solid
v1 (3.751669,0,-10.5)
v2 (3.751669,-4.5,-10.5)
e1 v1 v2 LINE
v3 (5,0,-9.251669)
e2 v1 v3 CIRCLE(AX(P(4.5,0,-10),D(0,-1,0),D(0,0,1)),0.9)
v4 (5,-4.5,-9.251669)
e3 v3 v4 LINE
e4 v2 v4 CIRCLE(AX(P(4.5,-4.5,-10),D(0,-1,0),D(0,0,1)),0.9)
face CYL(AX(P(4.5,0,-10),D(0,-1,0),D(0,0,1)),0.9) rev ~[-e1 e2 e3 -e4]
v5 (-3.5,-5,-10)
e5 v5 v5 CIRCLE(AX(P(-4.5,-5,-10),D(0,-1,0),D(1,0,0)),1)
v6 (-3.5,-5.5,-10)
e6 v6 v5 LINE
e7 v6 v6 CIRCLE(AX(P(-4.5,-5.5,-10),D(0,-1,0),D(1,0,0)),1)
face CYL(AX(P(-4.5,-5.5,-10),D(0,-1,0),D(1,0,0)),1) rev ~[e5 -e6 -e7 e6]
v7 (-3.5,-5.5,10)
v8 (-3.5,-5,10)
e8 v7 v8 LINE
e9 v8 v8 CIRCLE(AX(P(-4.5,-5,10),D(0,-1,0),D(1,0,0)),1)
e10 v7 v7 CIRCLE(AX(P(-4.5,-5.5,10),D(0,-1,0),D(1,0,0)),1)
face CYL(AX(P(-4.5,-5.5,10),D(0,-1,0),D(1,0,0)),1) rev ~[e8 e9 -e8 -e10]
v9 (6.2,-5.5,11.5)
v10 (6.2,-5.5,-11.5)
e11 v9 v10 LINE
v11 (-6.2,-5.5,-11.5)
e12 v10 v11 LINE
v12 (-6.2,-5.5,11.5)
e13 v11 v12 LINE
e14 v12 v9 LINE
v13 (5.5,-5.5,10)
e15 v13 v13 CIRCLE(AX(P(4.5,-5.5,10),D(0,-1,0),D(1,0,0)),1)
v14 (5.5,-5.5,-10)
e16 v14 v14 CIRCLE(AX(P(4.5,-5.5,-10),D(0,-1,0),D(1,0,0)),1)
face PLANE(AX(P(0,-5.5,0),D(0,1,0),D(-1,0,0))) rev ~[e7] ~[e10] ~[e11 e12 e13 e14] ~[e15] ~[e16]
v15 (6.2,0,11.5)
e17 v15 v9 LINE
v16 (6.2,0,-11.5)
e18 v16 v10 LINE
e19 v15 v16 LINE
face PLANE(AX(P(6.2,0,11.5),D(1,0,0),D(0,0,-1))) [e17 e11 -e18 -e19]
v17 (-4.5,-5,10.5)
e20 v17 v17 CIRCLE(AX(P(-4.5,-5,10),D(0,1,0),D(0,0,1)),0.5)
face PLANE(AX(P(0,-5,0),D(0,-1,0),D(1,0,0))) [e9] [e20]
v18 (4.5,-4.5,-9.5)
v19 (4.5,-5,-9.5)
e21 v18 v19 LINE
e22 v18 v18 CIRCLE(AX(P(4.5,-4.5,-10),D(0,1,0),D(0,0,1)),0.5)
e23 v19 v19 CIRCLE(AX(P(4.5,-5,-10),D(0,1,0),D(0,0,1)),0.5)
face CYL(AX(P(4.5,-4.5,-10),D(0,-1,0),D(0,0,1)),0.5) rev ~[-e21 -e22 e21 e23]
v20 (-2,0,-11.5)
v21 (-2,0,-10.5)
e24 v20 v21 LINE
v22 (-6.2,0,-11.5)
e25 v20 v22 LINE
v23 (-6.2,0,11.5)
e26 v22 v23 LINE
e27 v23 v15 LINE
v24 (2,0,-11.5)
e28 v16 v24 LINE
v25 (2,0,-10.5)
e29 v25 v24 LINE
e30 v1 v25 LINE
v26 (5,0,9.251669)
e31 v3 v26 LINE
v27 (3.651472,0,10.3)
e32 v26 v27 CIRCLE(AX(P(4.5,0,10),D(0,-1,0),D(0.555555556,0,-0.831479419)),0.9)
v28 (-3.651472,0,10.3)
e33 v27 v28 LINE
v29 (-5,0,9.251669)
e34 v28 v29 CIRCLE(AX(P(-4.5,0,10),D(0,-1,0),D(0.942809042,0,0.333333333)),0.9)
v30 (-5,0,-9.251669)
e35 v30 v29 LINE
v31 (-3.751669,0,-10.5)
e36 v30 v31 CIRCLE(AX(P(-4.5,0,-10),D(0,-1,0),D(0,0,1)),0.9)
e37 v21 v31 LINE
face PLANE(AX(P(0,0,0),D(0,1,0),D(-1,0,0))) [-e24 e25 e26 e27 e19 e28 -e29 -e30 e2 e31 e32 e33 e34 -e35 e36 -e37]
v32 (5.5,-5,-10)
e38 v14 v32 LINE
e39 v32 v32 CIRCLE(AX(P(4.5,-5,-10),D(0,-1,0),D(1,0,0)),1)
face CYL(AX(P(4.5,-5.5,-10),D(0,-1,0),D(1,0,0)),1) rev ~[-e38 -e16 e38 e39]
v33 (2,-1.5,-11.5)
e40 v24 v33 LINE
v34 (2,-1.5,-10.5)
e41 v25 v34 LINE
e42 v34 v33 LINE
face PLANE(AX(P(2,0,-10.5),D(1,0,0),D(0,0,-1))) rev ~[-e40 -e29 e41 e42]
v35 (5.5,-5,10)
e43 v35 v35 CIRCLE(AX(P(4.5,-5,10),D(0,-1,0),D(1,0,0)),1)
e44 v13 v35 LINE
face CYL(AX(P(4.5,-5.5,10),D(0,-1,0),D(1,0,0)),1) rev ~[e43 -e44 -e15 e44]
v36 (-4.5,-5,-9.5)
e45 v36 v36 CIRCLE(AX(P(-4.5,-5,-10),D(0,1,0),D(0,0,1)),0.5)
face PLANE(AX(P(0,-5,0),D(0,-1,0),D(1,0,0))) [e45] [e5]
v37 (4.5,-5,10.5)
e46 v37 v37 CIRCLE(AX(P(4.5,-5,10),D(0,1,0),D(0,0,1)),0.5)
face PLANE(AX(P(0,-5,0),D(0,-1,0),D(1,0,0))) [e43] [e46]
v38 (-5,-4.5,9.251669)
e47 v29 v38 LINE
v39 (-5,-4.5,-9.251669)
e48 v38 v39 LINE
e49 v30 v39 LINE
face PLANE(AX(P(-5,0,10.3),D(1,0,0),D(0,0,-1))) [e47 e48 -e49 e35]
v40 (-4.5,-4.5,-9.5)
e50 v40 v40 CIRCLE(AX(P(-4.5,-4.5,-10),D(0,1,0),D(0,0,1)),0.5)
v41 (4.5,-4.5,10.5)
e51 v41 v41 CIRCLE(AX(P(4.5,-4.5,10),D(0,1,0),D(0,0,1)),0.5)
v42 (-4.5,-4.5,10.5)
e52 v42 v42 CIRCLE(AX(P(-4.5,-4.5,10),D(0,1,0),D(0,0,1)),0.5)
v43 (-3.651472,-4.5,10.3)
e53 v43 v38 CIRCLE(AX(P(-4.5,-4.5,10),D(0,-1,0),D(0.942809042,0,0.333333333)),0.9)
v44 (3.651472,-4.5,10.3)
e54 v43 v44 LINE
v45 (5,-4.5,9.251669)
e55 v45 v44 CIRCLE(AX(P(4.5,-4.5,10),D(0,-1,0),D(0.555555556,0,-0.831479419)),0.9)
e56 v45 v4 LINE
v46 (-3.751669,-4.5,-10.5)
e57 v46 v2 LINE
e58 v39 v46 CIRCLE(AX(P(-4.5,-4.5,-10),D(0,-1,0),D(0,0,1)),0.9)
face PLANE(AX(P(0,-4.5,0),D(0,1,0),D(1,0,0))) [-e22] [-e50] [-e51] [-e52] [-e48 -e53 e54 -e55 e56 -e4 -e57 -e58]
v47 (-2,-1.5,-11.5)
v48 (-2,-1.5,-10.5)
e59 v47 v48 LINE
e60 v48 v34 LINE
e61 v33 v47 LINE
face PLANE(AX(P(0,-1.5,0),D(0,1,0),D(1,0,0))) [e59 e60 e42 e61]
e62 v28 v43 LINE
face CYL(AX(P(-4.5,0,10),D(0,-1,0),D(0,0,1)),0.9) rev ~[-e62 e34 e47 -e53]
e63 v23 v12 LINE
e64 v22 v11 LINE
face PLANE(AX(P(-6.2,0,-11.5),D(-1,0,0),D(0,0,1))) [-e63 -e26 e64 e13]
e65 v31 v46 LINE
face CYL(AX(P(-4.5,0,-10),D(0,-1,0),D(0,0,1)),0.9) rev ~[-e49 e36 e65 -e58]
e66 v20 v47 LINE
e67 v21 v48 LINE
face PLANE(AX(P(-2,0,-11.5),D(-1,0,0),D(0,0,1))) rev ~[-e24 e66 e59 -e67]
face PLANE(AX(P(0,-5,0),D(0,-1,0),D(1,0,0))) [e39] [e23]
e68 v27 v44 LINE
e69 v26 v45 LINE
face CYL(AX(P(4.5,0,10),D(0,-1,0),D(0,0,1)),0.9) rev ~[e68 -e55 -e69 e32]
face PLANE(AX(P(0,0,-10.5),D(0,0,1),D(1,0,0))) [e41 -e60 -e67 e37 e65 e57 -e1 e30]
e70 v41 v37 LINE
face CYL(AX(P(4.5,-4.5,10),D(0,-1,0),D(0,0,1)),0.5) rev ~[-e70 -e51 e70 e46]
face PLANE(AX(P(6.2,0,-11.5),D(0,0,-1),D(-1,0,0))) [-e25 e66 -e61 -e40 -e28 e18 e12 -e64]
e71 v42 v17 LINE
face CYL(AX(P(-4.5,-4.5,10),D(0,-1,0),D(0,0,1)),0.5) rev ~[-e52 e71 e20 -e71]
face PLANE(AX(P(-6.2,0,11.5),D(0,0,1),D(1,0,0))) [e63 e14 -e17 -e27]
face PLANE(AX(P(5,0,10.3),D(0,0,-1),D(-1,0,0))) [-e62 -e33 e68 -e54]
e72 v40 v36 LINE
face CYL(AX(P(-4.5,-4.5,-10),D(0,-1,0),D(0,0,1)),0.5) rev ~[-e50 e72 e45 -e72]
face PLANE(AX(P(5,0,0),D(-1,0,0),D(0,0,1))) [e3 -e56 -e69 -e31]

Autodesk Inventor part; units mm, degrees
ref_plane "YZ Plane" through (0, 0, 0) normal (1, 0, 0) x (0, 1, 0)
ref_plane "XZ Plane" through (0, 0, 0) normal (0, 1, 0) x (-1, 0, 0)
ref_plane "XY Plane" through (0, 0, 0) normal (0, 0, 1) x (1, 0, 0)
sketch "Эскиз1" plane through (0, 0, 0) normal (0, 1, 0) x (-1, 0, 0)
  line L0 (6.2, 11.5) -> (-6.2, 11.5)
  line L1 (-6.2, 11.5) -> (-6.2, -11.5)
  line L2 (-6.2, -11.5) -> (6.2, -11.5)
  line L3 (6.2, -11.5) -> (6.2, 11.5)
  line L4 (6.2, 11.5) -> (-6.2, -11.5) construction
  line L5 (-6.2, 11.5) -> (6.2, -11.5) construction
  point P0 (0, 0)
  dimension "d0" = 12.4
  dimension "d1" = 23
extrude "Выдавливание1" add sketch "Эскиз1" against normal blind 5.5
sketch "Эскиз2" plane through (0, 0, 0) normal (0, 1, 0) x (1, 0, 0)
  line L0 (-6.2, -11.5) -> (6.2, -11.5) projected
  line L1 (6.2, -11.5) -> (6.2, 11.5) projected
  line L2 (6.2, 11.5) -> (-6.2, 11.5) projected
  line L3 (-6.2, 11.5) -> (-6.2, -11.5) projected
  line L4 (-5, 10.5) -> (5, 10.5)
  line L5 (5, 10.5) -> (5, -10.3)
  line L6 (5, -10.3) -> (-5, -10.3)
  line L7 (-5, -10.3) -> (-5, 10.5)
  line L8 (0, 16.1) -> (0, -16.1) projected
  line L9 (-8.68, 0) -> (8.68, 0) projected
  point P0 (0, 0)
  dimension "d4" = 1
  dimension "d5" = 1.2
extrude "Выдавливание2" cut sketch "Эскиз2" against normal blind 4.5 contours L8 L9 L5 L6 | L6 L7 L9 L8 | L7 L4 L8 L9 | L8 L4 L5 L9
sketch "Эскиз3" plane through (0, 0, 0) normal (0, 1, 0) x (1, 0, 0)
  line L0 (-4.5, -10) -> (4.5, -10)
  line L1 (4.5, -10) -> (4.5, 10)
  line L2 (4.5, 10) -> (-4.5, 10)
  line L3 (-4.5, 10) -> (-4.5, -10)
  line L4 (-4.5, -10) -> (4.5, 10) construction
  line L5 (4.5, -10) -> (-4.5, 10) construction
  point P0 (0, 0)
  dimension "d8" = 9
  dimension "d9" = 20
hole "Отверстие1" at (-4.5, 0, -10) at (4.5, 0, -10) at (4.5, 0, 10) at (-4.5, 0, 10) direction (0, -1, 0) diameter 1 depth 8 tip angle 118 counterbore diameter 1.8 counterbore depth 4.5
sketch "Эскиз4" plane through (0, -5.5, 0) normal (0, -1, 0) x (1, 0, 0)
  circle A0 centre (-4.5, 10) radius 0.5 projected
  circle A1 centre (4.5, 10) radius 0.5 projected
  circle A2 centre (4.5, -10) radius 0.5 projected
  circle A3 centre (-4.5, -10) radius 0.5 projected
  circle A4 centre (-4.5, 10) radius 1
  circle A5 centre (4.5, 10) radius 1
  circle A6 centre (4.5, -10) radius 1
  circle A7 centre (-4.5, -10) radius 1
  point P0 (0, 0)
  dimension "d17" = 2
extrude "Выдавливание3" cut sketch "Эскиз4" against normal blind 0.5
sketch "Эскиз5" plane through (0, 0, 0) normal (0, 1, 0) x (1, 0, 0)
  line L0 (-2, 10.5) -> (2, 10.5)
  line L1 (2, 10.5) -> (2, 11.5)
  line L2 (2, 11.5) -> (-2, 11.5)
  line L3 (-2, 11.5) -> (-2, 10.5)
  arc A0 (3.6515, -10.3) -> (5, -9.2517) centre (4.5, -10) ccw projected
  line L4 (3.6515, -10.3) -> (-3.6515, -10.3) projected
  arc A1 (-5, -9.2517) -> (-3.6515, -10.3) centre (-4.5, -10) ccw projected
  line L5 (-5, -9.2517) -> (-5, 9.2517) projected
  arc A2 (-3.7517, 10.5) -> (-5, 9.2517) centre (-4.5, 10) ccw projected
  line L6 (-3.7517, 10.5) -> (3.7517, 10.5) projected
  arc A3 (5, 9.2517) -> (3.7517, 10.5) centre (4.5, 10) ccw projected
  line L7 (5, 9.2517) -> (5, -9.2517) projected
  line L8 (-6.2, -11.5) -> (6.2, -11.5) projected
  line L9 (6.2, -11.5) -> (6.2, 11.5) projected
  line L10 (6.2, 11.5) -> (-6.2, 11.5) projected
  line L11 (-6.2, 11.5) -> (-6.2, -11.5) projected
  line L12 (0, 16.1) -> (0, -16.1) projected
  point P0 (0, 0)
  point P1 (0, 11.5)
  point P2 (0, 10.5)
  dimension "d23" = 4
extrude "Выдавливание4" cut sketch "Эскиз5" against normal blind 1.5 contours L3 L2 L12 L0 | L12 L2 L1 L0
properties part number "Крышка корпуса задняя" material "Пластик ПК/АБС"
